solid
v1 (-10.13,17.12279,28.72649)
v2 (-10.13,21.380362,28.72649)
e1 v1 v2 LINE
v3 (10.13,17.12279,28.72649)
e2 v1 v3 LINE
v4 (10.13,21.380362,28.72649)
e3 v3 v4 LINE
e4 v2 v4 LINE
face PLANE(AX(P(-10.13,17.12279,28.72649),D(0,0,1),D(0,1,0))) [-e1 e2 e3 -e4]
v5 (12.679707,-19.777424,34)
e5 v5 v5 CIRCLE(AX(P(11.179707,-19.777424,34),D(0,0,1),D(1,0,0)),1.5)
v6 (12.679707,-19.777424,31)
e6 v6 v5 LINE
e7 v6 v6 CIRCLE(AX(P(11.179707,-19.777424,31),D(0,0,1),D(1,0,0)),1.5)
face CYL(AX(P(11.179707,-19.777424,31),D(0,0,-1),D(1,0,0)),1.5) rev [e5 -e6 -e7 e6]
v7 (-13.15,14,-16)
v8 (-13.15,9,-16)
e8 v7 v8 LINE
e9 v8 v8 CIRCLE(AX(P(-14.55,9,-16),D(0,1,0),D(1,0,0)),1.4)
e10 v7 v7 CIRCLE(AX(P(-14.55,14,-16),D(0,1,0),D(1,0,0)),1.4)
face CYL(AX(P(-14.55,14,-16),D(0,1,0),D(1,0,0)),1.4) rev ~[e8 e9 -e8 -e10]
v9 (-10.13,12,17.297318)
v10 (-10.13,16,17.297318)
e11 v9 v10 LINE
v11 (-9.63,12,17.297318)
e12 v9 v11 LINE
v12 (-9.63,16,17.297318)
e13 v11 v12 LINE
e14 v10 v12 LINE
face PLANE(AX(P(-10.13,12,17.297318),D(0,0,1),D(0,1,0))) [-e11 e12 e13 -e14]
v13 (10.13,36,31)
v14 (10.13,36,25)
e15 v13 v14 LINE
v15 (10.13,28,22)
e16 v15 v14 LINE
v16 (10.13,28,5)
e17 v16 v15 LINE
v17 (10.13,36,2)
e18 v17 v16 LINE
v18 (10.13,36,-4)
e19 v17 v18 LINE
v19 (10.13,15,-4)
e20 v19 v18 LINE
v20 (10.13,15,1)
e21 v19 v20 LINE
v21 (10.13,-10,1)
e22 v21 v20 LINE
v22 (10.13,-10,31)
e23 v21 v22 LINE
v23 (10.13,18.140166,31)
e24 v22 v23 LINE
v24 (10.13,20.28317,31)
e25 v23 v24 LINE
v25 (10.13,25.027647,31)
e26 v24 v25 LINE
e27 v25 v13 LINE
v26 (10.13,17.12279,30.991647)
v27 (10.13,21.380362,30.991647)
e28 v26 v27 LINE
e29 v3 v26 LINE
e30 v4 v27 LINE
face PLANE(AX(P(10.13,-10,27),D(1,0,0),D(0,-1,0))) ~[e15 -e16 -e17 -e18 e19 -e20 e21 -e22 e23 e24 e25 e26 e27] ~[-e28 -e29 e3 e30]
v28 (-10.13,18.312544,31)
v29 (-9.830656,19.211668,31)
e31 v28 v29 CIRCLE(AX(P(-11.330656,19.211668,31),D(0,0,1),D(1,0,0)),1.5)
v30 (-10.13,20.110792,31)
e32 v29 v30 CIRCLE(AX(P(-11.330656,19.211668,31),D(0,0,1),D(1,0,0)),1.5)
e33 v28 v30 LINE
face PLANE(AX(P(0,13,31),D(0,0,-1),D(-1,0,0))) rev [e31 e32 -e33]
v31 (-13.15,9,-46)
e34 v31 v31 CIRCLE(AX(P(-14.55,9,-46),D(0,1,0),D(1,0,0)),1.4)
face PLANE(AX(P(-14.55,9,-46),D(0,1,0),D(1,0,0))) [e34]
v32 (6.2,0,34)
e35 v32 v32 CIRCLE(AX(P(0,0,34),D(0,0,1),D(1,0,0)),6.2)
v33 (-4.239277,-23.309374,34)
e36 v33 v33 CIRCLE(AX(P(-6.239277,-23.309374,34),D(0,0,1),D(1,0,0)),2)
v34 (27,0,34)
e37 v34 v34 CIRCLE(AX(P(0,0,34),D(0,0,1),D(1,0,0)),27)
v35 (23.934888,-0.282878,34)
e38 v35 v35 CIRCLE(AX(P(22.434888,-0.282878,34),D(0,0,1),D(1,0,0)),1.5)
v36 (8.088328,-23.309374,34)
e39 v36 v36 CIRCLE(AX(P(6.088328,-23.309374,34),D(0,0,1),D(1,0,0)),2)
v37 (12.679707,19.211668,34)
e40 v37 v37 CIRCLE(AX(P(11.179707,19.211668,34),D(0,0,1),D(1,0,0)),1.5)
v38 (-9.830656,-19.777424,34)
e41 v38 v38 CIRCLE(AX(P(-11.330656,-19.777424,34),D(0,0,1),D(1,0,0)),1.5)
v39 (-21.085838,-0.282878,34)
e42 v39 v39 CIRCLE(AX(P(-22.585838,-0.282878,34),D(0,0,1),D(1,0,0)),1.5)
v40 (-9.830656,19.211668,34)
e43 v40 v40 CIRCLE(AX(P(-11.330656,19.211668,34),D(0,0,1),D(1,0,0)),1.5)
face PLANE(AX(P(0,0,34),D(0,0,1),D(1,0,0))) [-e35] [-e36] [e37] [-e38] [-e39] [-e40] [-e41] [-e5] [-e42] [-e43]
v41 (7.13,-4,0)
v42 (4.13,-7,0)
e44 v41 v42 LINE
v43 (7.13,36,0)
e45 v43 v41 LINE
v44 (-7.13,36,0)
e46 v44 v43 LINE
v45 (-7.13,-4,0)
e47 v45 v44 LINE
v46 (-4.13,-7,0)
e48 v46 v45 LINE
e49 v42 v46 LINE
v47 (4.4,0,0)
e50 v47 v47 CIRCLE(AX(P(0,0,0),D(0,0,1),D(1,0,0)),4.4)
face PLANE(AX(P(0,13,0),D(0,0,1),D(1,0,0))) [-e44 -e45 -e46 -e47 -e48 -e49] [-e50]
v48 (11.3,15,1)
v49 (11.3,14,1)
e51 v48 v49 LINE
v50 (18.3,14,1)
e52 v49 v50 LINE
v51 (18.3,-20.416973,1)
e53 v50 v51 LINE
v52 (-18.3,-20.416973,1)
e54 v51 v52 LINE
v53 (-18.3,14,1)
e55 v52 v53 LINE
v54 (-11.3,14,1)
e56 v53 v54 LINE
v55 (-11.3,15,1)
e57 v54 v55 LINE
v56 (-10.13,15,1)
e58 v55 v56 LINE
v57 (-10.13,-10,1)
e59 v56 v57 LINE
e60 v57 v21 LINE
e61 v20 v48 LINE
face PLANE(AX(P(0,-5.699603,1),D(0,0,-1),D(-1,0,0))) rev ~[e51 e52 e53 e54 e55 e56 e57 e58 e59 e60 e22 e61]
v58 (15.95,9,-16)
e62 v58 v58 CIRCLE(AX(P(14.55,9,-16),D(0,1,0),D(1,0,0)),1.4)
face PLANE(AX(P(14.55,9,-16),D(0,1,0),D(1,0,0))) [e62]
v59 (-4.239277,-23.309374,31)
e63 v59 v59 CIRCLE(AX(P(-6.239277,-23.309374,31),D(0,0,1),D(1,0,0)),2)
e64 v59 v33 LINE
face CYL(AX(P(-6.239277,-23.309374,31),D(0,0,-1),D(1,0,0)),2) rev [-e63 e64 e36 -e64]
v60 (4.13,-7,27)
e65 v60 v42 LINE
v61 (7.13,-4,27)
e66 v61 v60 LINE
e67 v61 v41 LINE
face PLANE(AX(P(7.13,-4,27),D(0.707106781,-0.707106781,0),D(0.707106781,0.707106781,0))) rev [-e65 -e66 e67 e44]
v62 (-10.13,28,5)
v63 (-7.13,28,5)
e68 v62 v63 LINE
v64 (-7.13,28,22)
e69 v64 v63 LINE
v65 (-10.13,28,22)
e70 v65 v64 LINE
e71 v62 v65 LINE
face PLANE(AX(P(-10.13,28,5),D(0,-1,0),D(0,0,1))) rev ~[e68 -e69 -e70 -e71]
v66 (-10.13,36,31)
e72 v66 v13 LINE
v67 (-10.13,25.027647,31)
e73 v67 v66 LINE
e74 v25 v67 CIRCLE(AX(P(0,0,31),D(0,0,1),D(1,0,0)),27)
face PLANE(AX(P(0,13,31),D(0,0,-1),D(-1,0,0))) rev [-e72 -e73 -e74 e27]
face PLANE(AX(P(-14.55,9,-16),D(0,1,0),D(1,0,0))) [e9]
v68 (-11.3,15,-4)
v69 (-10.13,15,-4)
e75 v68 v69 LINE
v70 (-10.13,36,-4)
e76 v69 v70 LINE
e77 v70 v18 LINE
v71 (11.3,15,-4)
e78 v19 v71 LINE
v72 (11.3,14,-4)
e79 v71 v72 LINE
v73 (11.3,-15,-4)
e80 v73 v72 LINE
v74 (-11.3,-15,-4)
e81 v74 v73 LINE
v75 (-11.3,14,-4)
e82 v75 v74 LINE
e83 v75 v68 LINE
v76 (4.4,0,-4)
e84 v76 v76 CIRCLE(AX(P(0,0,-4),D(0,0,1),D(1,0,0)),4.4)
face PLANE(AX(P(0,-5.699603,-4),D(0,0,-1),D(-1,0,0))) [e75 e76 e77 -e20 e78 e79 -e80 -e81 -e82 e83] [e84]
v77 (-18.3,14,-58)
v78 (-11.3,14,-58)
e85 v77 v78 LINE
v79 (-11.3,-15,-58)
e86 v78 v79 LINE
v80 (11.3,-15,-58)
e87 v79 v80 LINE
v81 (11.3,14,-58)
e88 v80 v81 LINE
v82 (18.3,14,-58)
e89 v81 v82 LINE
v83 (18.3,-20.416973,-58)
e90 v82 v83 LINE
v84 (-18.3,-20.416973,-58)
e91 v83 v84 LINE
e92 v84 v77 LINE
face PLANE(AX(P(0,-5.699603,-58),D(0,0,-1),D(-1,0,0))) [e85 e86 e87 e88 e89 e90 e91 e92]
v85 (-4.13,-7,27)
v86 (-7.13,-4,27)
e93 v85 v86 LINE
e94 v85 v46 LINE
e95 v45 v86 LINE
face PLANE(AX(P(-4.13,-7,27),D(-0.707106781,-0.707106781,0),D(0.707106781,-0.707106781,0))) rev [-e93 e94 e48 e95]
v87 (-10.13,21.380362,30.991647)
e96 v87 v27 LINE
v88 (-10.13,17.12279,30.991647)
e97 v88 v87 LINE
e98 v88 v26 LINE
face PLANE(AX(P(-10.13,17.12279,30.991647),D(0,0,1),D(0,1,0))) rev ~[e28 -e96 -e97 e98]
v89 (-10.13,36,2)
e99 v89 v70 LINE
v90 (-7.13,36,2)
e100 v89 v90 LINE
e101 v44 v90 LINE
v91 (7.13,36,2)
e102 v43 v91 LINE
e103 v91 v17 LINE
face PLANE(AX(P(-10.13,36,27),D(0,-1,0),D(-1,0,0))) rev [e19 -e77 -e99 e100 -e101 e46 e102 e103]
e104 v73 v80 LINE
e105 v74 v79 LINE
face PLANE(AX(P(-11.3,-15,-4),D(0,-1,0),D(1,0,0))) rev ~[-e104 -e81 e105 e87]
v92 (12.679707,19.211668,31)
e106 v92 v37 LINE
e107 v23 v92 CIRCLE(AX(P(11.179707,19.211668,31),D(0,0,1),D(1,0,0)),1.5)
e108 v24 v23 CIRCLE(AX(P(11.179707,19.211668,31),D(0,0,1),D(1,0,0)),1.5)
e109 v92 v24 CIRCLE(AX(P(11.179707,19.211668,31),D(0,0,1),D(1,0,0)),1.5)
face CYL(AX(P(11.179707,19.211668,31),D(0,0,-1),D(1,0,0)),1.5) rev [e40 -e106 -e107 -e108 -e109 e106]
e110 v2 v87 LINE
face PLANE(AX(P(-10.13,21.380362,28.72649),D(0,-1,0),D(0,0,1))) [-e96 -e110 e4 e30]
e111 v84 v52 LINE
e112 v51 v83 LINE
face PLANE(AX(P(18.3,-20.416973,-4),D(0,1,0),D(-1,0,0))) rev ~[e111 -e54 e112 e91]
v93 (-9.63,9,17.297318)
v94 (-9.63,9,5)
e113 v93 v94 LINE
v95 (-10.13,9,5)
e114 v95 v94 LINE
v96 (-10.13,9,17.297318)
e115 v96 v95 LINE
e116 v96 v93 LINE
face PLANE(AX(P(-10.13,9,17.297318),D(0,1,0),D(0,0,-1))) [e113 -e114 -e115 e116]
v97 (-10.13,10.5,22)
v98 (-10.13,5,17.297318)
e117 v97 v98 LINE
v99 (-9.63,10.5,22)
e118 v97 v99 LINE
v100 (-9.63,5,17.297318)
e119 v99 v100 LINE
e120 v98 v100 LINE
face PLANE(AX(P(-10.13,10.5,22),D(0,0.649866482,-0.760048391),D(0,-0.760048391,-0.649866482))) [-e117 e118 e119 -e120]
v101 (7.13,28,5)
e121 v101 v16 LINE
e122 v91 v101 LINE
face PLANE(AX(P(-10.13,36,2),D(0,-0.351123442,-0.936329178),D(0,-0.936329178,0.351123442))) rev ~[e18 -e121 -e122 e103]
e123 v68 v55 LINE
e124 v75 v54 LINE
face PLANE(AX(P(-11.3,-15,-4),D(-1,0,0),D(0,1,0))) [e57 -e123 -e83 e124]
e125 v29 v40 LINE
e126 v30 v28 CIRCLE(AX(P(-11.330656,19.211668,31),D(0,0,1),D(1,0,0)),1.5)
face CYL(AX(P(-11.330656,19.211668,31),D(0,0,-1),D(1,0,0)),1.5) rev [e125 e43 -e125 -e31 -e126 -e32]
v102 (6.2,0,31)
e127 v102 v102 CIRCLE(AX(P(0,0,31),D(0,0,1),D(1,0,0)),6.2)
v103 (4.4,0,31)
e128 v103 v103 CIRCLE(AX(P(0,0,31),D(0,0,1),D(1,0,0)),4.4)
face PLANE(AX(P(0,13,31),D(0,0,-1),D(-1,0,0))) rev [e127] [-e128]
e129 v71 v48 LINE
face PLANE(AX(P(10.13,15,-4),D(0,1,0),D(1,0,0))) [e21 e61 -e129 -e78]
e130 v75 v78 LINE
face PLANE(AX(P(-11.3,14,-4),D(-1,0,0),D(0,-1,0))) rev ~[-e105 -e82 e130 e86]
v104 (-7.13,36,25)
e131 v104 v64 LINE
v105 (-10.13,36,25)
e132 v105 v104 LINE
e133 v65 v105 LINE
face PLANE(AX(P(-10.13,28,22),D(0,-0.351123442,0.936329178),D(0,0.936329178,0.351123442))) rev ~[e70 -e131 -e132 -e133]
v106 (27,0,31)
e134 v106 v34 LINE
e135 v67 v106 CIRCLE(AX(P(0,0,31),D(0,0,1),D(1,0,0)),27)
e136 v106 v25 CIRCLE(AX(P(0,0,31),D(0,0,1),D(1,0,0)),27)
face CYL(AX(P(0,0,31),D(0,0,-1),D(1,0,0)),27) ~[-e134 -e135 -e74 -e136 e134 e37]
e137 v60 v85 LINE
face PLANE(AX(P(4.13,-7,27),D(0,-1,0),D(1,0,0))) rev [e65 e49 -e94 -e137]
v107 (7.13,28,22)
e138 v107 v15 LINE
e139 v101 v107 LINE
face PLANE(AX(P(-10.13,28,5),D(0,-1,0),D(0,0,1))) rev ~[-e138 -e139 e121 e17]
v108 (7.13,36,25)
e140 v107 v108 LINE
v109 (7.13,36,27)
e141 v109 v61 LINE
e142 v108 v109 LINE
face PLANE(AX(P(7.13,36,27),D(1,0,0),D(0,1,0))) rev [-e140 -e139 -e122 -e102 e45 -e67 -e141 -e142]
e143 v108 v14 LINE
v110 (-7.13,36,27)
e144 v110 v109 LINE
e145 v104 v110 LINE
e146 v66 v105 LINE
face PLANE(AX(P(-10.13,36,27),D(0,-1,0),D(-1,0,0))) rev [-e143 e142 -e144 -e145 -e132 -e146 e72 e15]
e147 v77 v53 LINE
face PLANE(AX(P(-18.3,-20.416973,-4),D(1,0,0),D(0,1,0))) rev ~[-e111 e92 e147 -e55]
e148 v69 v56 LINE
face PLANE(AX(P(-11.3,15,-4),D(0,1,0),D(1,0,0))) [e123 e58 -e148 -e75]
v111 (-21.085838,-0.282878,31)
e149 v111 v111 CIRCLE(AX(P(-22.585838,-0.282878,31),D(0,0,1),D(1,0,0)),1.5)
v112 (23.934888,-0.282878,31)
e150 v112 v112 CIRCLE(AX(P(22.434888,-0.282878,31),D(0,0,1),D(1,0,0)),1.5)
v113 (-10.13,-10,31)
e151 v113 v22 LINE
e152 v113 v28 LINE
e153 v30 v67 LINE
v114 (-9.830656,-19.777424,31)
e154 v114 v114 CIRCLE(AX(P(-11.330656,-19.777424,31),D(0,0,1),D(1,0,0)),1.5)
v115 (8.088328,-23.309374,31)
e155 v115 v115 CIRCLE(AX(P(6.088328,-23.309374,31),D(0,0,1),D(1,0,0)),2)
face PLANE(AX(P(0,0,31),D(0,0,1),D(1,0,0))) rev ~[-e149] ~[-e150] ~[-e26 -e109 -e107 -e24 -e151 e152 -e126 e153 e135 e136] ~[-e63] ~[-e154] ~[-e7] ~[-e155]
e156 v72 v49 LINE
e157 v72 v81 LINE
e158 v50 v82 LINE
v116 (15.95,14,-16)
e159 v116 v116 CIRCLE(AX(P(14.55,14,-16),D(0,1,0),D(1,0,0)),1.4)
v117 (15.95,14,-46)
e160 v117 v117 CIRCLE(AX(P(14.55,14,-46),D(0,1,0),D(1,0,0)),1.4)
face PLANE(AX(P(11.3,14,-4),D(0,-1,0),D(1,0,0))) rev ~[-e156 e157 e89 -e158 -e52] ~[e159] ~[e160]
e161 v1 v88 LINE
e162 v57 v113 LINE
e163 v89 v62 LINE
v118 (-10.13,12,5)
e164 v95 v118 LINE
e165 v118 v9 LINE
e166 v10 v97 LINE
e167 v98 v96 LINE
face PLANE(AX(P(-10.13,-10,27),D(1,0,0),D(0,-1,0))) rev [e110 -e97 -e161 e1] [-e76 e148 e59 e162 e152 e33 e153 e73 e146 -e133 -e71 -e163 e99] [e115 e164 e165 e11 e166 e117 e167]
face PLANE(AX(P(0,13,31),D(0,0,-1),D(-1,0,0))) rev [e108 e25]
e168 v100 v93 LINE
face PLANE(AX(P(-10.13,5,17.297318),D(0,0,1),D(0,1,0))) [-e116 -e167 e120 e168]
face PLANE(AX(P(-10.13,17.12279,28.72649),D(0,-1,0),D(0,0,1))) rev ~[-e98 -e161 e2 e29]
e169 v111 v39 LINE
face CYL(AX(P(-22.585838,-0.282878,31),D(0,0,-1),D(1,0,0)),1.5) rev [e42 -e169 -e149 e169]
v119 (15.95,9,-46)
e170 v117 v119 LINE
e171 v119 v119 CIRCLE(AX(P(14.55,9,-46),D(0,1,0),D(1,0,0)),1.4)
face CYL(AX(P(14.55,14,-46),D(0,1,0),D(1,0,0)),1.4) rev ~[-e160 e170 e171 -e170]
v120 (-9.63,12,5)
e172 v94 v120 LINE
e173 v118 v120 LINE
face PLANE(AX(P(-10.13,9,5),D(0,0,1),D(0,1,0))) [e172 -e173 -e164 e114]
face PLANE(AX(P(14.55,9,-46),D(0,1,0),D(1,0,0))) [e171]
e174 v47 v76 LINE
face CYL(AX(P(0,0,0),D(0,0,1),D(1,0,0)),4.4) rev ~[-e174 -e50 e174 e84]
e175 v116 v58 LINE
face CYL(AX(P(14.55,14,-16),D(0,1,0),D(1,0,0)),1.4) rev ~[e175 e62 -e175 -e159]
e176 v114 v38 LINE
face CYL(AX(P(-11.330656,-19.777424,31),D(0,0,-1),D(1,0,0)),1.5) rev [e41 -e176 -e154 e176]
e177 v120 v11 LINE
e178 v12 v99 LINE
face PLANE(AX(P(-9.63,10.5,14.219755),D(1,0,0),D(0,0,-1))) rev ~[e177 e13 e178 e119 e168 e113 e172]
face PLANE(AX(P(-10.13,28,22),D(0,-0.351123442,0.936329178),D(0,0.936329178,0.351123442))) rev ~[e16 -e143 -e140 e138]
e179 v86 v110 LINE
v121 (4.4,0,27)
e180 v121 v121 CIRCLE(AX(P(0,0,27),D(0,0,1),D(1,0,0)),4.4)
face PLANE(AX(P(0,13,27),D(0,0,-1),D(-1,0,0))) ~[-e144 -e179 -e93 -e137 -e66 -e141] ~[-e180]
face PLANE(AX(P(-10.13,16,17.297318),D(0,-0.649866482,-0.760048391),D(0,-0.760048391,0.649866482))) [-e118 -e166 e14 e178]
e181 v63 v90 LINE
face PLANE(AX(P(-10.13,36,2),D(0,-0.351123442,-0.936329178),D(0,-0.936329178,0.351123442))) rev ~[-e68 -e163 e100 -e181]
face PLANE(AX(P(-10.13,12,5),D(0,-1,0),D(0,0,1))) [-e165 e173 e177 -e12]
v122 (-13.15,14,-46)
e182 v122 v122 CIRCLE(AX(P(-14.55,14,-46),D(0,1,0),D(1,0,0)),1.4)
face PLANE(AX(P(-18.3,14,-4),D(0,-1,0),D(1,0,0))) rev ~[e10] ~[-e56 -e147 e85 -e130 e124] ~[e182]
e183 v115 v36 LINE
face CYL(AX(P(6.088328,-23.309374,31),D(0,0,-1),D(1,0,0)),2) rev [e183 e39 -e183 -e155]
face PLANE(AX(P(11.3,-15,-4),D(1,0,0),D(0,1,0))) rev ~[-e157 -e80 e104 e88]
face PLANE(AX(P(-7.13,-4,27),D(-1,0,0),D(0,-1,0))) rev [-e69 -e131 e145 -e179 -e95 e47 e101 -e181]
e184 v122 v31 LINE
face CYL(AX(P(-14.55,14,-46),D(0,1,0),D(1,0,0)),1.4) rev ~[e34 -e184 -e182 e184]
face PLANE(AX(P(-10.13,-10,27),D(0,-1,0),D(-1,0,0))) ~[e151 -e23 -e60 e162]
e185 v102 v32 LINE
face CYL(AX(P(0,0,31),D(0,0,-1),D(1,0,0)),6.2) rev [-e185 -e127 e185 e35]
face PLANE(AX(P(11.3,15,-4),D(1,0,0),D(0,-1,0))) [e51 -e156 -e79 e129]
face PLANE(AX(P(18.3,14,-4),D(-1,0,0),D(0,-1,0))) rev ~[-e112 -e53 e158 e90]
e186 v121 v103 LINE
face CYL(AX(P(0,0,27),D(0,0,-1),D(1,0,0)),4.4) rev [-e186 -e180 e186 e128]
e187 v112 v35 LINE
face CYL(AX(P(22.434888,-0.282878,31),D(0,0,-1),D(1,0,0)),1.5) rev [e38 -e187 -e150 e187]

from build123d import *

# Parameters (mm, degrees)
EXTRUDE_1_DEPTH     = 13.5
SKETCH_1_3_W        = 20.26
SKETCH_1_3_H        = 46
SKETCH_1_3_R        = 4.4
EXTRUDE_2_DEPTH     = 4
CUT_EXTRUDE_1_DEPTH = 40
CUT_EXTRUDE_2_DEPTH = 0.5
SKETCH_4_R          = 27
SKETCH_4_R_2        = 6.2
SKETCH_4_R_3        = 2
SKETCH_4_R_4        = 1.5
EXTRUDE_3_DEPTH     = 3
SKETCH_8_W          = 2.265156823
SKETCH_8_H          = 4.257571482
CUT_EXTRUDE_4_DEPTH = 30
EXTRUDE_11_DEPTH    = 5
EXTRUDE_12_DEPTH    = 5
EXTRUDE_13_DEPTH    = 54
SKETCH_13_R         = 1.4
CUT_EXTRUDE_5_DEPTH = 5
SKETCH_14_R         = 1.4
CUT_EXTRUDE_6_DEPTH = 5


with BuildPart() as part:
    # 草图1 → 凸台-拉伸1 (new body)
    with BuildSketch(Plane.XY):
        Polygon((4.13, -7), (-4.13, -7), (-7.13, -4), (-7.13, 36), (-10.13, 36), (-10.13, -10), (10.13, -10), (10.13, 36), (7.13, 36), (7.13, -4), align=None)
    extrude_1 = extrude(amount=EXTRUDE_1_DEPTH)

    # 草图1<3> → 凸台-拉伸2 (add)
    with BuildSketch(Plane.XY):
        with Locations((0, 13)):
            Rectangle(SKETCH_1_3_W, SKETCH_1_3_H)
        Circle(SKETCH_1_3_R, mode=Mode.SUBTRACT)
    extrude_2 = extrude(amount=-EXTRUDE_2_DEPTH)

    # 镜向1: 凸台-拉伸1, 凸台-拉伸2 across plane
    add(extrude_1.mirror(Plane.XY.offset(13.5)))
    add(extrude_2.mirror(Plane.XY.offset(13.5)))

    # 草图2 → 切除-拉伸1 (cut)
    with BuildSketch(Plane.ZY.offset(10.13)):
        Polygon((2, 36), (5, 28), (22, 28), (25, 36), align=None)
    extrude(amount=-CUT_EXTRUDE_1_DEPTH, mode=Mode.SUBTRACT)

    # 草图3 → 切除-拉伸2 (cut)
    with BuildSketch(Plane.ZY.offset(10.13)):
        Polygon((5, 12), (17.297318311, 12), (17.297318311, 16), (22, 10.5), (17.297318311, 5), (17.297318311, 9), (5, 9), align=None)
    extrude(amount=-CUT_EXTRUDE_2_DEPTH, mode=Mode.SUBTRACT)

    # 草图4 → 凸台-拉伸3 (add)
    with BuildSketch(Plane.XY.offset(31)):
        Circle(SKETCH_4_R)
        Circle(SKETCH_4_R_2, mode=Mode.SUBTRACT)
        with Locations((6.088327702, -23.309373565)):
            Circle(SKETCH_4_R_3, mode=Mode.SUBTRACT)
        with Locations((22.434887901, -0.282877885)):
            Circle(SKETCH_4_R_4, mode=Mode.SUBTRACT)
        with Locations((11.179706516, 19.211668123)):
            Circle(SKETCH_4_R_4, mode=Mode.SUBTRACT)
        with Locations((-11.330656255, 19.211668123)):
            Circle(SKETCH_4_R_4, mode=Mode.SUBTRACT)
        with Locations((-22.58583764, -0.282877885)):
            Circle(SKETCH_4_R_4, mode=Mode.SUBTRACT)
        with Locations((-11.330656255, -19.777423893)):
            Circle(SKETCH_4_R_4, mode=Mode.SUBTRACT)
        with Locations((11.179706516, -19.777423893)):
            Circle(SKETCH_4_R_4, mode=Mode.SUBTRACT)
        with Locations((-6.239277441, -23.309373565)):
            Circle(SKETCH_4_R_3, mode=Mode.SUBTRACT)
    extrude(amount=EXTRUDE_3_DEPTH)

    # 草图8 → 切除-拉伸4 (cut)
    with BuildSketch(Plane(origin=(-10.13, 0, 0.991647231), x_dir=(0, 0, 1), z_dir=(-1, 0, 0))):
        with Locations((28.867421589, 19.251576228)):
            Rectangle(SKETCH_8_W, SKETCH_8_H)
    extrude(amount=-CUT_EXTRUDE_4_DEPTH, mode=Mode.SUBTRACT)

    # 草图11 → 凸台-拉伸11 (add)
    with BuildSketch(Plane(origin=(0, 0, -4), x_dir=(-1, 0, 0), z_dir=(0, 0, -1))):
        Polygon((10.13, 15), (10.13, -10), (-10.13, -10), (-10.13, 15), (-11.3, 15), (-11.3, -15), (11.3, -15), (11.3, 15), align=None)
    extrude(amount=-EXTRUDE_11_DEPTH)

    # 草图11<3> → 凸台-拉伸12 (add)
    with BuildSketch(Plane(origin=(0, 0, -4), x_dir=(-1, 0, 0), z_dir=(0, 0, -1))):
        Polygon((11.3, 14), (11.3, 0), (11.3, -15), (-11.3, -15), (-11.3, 14), (-18.3, 14), (-18.3, -17.416972989), (-18.3, -20.416972989), (18.3, -20.416972989), (18.3, 14), align=None)
    extrude(amount=-EXTRUDE_12_DEPTH)

    # 草图11<4> → 凸台-拉伸13 (add)
    with BuildSketch(Plane(origin=(0, 0, -4), x_dir=(-1, 0, 0), z_dir=(0, 0, -1))):
        Polygon((11.3, 14), (11.3, 0), (11.3, -15), (-11.3, -15), (-11.3, 14), (-18.3, 14), (-18.3, -17.416972989), (-18.3, -20.416972989), (18.3, -20.416972989), (18.3, 14), align=None)
    extrude(amount=EXTRUDE_13_DEPTH)

    # 草图13 → 切除-拉伸5 (cut)
    with BuildSketch(Plane(origin=(0, 14, 0), x_dir=(1, 0, 0), z_dir=(0, 1, 0))):
        with Locations((-14.55, 16)):
            Circle(SKETCH_13_R)
        with Locations((-14.55, 46)):
            Circle(SKETCH_13_R)
    extrude(amount=-CUT_EXTRUDE_5_DEPTH, mode=Mode.SUBTRACT)

    # 草图14 → 切除-拉伸6 (cut)
    with BuildSketch(Plane(origin=(0, 14, 0), x_dir=(1, 0, 0), z_dir=(0, 1, 0))):
        with Locations((14.55, 16)):
            Circle(SKETCH_14_R)
        with Locations((14.55, 46)):
            Circle(SKETCH_14_R)
    extrude(amount=-CUT_EXTRUDE_6_DEPTH, mode=Mode.SUBTRACT)


solid = part.part
